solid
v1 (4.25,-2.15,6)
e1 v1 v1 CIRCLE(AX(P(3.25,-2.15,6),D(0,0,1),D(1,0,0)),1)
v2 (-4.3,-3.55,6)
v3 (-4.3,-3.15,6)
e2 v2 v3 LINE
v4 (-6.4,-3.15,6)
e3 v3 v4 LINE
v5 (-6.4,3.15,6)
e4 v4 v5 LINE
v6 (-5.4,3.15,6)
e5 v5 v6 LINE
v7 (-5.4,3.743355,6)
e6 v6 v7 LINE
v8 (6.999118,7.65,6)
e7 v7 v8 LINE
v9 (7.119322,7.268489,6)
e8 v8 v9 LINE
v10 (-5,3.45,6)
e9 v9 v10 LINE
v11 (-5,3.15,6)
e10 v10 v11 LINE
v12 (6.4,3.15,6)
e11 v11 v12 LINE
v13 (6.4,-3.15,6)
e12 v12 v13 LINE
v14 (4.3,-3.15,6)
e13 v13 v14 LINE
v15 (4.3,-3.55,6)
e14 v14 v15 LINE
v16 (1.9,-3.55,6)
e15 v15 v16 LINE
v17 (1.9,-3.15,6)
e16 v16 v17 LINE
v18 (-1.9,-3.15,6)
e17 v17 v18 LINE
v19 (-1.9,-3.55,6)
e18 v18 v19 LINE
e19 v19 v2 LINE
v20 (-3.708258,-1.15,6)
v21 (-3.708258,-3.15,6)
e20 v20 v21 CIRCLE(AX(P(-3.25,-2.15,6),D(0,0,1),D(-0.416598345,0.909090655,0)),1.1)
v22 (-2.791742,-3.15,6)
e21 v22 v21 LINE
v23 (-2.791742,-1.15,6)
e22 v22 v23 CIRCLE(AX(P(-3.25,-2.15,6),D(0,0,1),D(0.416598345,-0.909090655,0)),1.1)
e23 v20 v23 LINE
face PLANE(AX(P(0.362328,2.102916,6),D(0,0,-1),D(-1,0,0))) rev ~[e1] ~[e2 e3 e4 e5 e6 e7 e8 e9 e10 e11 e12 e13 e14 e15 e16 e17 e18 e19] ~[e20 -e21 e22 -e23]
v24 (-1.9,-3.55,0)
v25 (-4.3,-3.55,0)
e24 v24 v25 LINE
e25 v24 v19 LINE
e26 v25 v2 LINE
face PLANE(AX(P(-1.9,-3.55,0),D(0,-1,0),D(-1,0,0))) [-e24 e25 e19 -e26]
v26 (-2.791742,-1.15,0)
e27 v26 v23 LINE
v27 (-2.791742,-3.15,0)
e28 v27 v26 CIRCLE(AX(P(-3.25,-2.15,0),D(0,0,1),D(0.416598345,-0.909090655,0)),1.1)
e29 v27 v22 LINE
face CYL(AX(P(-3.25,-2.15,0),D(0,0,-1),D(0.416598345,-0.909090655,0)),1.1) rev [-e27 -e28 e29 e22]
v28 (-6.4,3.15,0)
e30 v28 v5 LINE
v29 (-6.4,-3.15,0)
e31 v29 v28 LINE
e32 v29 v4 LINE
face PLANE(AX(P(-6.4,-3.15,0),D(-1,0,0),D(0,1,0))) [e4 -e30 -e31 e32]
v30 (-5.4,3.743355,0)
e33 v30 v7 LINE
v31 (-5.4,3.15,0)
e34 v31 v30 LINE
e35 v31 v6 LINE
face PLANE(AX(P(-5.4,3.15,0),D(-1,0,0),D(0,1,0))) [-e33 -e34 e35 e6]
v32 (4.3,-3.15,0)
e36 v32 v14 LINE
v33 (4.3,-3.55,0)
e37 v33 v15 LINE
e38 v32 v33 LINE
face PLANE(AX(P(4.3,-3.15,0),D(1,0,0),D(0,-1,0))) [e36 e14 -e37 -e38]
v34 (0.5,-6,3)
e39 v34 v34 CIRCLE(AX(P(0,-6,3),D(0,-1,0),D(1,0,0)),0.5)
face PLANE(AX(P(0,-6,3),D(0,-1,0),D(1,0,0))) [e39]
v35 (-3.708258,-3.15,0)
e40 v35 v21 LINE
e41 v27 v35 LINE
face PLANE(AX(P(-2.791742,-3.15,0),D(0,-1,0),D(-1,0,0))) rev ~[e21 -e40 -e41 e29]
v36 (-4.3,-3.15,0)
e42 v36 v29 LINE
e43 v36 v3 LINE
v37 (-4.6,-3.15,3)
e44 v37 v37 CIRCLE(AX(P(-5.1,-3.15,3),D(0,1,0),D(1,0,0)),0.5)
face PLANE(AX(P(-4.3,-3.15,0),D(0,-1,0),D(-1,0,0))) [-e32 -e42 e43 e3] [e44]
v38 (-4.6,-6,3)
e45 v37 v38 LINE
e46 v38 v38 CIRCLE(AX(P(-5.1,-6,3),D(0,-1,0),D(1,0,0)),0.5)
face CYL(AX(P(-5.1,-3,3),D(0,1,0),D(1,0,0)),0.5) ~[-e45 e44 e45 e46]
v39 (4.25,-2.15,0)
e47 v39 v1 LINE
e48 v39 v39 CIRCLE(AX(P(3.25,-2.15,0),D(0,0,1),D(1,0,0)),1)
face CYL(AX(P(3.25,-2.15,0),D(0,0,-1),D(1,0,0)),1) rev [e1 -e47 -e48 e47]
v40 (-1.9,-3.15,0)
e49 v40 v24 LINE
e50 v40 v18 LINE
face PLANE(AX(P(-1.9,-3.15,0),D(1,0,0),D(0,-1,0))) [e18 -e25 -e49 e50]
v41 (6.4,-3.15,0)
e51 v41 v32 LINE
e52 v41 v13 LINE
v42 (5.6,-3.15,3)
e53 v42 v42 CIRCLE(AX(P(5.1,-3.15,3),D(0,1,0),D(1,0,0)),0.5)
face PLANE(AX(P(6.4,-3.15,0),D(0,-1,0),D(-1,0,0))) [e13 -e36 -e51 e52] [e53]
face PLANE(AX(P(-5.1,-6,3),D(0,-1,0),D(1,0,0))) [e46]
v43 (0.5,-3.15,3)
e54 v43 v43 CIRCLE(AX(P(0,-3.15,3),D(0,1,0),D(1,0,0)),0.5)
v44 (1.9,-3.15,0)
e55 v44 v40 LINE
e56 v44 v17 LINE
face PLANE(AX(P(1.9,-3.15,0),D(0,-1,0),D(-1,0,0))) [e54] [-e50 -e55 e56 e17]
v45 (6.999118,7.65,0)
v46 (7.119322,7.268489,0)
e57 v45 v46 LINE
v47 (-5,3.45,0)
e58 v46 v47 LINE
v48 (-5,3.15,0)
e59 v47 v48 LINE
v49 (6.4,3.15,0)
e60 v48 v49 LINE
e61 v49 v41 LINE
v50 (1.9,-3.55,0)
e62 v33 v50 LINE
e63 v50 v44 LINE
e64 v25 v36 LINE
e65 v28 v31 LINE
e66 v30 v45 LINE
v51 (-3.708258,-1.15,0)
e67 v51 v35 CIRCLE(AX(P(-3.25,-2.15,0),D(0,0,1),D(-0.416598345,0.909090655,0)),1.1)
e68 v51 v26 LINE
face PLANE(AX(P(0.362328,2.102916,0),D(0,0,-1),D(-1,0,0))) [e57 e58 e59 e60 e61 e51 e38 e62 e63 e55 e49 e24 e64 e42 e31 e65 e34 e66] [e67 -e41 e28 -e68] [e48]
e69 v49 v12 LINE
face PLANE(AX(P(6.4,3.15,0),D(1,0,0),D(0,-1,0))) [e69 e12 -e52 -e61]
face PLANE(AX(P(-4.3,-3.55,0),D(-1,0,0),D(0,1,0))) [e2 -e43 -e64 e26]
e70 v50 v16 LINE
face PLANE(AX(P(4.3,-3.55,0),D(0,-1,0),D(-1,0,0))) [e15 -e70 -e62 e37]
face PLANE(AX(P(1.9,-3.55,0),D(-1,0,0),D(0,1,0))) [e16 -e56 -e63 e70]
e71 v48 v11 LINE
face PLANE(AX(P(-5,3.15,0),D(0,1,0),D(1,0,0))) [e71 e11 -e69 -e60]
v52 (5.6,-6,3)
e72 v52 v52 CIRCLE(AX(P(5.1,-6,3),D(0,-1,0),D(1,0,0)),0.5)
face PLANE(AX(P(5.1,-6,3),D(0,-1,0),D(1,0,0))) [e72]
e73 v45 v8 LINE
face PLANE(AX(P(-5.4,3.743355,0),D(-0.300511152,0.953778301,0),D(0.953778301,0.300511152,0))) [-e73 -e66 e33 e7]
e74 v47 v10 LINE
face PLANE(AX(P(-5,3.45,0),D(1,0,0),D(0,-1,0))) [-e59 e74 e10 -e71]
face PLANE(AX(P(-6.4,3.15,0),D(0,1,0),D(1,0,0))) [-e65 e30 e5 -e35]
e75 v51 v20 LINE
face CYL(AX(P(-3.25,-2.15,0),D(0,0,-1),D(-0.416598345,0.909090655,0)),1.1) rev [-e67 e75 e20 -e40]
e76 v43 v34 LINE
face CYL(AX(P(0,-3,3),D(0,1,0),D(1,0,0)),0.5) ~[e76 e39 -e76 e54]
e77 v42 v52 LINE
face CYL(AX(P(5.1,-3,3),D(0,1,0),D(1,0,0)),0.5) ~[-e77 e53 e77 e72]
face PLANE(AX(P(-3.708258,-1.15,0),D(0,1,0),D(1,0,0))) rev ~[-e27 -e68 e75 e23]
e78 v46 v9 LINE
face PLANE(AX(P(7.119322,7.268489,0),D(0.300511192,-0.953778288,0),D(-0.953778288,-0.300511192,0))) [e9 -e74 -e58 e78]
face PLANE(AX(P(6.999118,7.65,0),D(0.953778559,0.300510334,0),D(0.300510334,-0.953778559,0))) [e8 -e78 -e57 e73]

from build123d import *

# Parameters (mm, degrees)
SKETCH001_R         = 1
PAD001_DEPTH        = 6
CYLINDER003_R       = 0.5
CYLINDER003_DEPTH   = 3
LINEARPATTERN_COUNT = 3
LINEARPATTERN_PITCH = 5.1


with BuildPart() as part:
    # Sketch001 → Pad001 (new body)
    with BuildSketch(Plane.XY):
        Polygon((6.4, 3.15), (6.4, -3.15), (4.3, -3.15), (4.3, -3.55), (1.9, -3.55), (1.9, -3.15), (-1.9, -3.15), (-1.9, -3.55), (-4.3, -3.55), (-4.3, -3.15), (-6.4, -3.15), (-6.4, 3.15), (-5.4, 3.15), (-5.4, 3.743355), (6.999118, 7.65), (7.119322, 7.268489), (-5, 3.45), (-5, 3.15), align=None)
        with Locations((3.25, -2.15)):
            Circle(SKETCH001_R, mode=Mode.SUBTRACT)
        with BuildLine():
            ThreePointArc((-3.708258, -1.15), (-4.35, -2.15), (-3.708258, -3.15))
            Line((-2.791742, -3.15), (-3.708258, -3.15))
            ThreePointArc((-2.791742, -3.15), (-2.15, -2.15), (-2.791742, -1.15))
            Line((-3.708258, -1.15), (-2.791742, -1.15))
        make_face(mode=Mode.SUBTRACT)
    extrude(amount=PAD001_DEPTH)

    # Cylinder003 → Cylinder003 (join)
    with BuildSketch(Plane(origin=(-5.1, -3, 3), x_dir=(1, 0, 0), z_dir=(0, -1, 0))):
        Circle(CYLINDER003_R)
    cylinder003 = extrude(amount=CYLINDER003_DEPTH)

    # LinearPattern: Cylinder003 ×3
    with Locations(*[(i * LINEARPATTERN_PITCH, 0, 0) for i in range(1, LINEARPATTERN_COUNT)]):
        add(cylinder003)


solid = part.part
